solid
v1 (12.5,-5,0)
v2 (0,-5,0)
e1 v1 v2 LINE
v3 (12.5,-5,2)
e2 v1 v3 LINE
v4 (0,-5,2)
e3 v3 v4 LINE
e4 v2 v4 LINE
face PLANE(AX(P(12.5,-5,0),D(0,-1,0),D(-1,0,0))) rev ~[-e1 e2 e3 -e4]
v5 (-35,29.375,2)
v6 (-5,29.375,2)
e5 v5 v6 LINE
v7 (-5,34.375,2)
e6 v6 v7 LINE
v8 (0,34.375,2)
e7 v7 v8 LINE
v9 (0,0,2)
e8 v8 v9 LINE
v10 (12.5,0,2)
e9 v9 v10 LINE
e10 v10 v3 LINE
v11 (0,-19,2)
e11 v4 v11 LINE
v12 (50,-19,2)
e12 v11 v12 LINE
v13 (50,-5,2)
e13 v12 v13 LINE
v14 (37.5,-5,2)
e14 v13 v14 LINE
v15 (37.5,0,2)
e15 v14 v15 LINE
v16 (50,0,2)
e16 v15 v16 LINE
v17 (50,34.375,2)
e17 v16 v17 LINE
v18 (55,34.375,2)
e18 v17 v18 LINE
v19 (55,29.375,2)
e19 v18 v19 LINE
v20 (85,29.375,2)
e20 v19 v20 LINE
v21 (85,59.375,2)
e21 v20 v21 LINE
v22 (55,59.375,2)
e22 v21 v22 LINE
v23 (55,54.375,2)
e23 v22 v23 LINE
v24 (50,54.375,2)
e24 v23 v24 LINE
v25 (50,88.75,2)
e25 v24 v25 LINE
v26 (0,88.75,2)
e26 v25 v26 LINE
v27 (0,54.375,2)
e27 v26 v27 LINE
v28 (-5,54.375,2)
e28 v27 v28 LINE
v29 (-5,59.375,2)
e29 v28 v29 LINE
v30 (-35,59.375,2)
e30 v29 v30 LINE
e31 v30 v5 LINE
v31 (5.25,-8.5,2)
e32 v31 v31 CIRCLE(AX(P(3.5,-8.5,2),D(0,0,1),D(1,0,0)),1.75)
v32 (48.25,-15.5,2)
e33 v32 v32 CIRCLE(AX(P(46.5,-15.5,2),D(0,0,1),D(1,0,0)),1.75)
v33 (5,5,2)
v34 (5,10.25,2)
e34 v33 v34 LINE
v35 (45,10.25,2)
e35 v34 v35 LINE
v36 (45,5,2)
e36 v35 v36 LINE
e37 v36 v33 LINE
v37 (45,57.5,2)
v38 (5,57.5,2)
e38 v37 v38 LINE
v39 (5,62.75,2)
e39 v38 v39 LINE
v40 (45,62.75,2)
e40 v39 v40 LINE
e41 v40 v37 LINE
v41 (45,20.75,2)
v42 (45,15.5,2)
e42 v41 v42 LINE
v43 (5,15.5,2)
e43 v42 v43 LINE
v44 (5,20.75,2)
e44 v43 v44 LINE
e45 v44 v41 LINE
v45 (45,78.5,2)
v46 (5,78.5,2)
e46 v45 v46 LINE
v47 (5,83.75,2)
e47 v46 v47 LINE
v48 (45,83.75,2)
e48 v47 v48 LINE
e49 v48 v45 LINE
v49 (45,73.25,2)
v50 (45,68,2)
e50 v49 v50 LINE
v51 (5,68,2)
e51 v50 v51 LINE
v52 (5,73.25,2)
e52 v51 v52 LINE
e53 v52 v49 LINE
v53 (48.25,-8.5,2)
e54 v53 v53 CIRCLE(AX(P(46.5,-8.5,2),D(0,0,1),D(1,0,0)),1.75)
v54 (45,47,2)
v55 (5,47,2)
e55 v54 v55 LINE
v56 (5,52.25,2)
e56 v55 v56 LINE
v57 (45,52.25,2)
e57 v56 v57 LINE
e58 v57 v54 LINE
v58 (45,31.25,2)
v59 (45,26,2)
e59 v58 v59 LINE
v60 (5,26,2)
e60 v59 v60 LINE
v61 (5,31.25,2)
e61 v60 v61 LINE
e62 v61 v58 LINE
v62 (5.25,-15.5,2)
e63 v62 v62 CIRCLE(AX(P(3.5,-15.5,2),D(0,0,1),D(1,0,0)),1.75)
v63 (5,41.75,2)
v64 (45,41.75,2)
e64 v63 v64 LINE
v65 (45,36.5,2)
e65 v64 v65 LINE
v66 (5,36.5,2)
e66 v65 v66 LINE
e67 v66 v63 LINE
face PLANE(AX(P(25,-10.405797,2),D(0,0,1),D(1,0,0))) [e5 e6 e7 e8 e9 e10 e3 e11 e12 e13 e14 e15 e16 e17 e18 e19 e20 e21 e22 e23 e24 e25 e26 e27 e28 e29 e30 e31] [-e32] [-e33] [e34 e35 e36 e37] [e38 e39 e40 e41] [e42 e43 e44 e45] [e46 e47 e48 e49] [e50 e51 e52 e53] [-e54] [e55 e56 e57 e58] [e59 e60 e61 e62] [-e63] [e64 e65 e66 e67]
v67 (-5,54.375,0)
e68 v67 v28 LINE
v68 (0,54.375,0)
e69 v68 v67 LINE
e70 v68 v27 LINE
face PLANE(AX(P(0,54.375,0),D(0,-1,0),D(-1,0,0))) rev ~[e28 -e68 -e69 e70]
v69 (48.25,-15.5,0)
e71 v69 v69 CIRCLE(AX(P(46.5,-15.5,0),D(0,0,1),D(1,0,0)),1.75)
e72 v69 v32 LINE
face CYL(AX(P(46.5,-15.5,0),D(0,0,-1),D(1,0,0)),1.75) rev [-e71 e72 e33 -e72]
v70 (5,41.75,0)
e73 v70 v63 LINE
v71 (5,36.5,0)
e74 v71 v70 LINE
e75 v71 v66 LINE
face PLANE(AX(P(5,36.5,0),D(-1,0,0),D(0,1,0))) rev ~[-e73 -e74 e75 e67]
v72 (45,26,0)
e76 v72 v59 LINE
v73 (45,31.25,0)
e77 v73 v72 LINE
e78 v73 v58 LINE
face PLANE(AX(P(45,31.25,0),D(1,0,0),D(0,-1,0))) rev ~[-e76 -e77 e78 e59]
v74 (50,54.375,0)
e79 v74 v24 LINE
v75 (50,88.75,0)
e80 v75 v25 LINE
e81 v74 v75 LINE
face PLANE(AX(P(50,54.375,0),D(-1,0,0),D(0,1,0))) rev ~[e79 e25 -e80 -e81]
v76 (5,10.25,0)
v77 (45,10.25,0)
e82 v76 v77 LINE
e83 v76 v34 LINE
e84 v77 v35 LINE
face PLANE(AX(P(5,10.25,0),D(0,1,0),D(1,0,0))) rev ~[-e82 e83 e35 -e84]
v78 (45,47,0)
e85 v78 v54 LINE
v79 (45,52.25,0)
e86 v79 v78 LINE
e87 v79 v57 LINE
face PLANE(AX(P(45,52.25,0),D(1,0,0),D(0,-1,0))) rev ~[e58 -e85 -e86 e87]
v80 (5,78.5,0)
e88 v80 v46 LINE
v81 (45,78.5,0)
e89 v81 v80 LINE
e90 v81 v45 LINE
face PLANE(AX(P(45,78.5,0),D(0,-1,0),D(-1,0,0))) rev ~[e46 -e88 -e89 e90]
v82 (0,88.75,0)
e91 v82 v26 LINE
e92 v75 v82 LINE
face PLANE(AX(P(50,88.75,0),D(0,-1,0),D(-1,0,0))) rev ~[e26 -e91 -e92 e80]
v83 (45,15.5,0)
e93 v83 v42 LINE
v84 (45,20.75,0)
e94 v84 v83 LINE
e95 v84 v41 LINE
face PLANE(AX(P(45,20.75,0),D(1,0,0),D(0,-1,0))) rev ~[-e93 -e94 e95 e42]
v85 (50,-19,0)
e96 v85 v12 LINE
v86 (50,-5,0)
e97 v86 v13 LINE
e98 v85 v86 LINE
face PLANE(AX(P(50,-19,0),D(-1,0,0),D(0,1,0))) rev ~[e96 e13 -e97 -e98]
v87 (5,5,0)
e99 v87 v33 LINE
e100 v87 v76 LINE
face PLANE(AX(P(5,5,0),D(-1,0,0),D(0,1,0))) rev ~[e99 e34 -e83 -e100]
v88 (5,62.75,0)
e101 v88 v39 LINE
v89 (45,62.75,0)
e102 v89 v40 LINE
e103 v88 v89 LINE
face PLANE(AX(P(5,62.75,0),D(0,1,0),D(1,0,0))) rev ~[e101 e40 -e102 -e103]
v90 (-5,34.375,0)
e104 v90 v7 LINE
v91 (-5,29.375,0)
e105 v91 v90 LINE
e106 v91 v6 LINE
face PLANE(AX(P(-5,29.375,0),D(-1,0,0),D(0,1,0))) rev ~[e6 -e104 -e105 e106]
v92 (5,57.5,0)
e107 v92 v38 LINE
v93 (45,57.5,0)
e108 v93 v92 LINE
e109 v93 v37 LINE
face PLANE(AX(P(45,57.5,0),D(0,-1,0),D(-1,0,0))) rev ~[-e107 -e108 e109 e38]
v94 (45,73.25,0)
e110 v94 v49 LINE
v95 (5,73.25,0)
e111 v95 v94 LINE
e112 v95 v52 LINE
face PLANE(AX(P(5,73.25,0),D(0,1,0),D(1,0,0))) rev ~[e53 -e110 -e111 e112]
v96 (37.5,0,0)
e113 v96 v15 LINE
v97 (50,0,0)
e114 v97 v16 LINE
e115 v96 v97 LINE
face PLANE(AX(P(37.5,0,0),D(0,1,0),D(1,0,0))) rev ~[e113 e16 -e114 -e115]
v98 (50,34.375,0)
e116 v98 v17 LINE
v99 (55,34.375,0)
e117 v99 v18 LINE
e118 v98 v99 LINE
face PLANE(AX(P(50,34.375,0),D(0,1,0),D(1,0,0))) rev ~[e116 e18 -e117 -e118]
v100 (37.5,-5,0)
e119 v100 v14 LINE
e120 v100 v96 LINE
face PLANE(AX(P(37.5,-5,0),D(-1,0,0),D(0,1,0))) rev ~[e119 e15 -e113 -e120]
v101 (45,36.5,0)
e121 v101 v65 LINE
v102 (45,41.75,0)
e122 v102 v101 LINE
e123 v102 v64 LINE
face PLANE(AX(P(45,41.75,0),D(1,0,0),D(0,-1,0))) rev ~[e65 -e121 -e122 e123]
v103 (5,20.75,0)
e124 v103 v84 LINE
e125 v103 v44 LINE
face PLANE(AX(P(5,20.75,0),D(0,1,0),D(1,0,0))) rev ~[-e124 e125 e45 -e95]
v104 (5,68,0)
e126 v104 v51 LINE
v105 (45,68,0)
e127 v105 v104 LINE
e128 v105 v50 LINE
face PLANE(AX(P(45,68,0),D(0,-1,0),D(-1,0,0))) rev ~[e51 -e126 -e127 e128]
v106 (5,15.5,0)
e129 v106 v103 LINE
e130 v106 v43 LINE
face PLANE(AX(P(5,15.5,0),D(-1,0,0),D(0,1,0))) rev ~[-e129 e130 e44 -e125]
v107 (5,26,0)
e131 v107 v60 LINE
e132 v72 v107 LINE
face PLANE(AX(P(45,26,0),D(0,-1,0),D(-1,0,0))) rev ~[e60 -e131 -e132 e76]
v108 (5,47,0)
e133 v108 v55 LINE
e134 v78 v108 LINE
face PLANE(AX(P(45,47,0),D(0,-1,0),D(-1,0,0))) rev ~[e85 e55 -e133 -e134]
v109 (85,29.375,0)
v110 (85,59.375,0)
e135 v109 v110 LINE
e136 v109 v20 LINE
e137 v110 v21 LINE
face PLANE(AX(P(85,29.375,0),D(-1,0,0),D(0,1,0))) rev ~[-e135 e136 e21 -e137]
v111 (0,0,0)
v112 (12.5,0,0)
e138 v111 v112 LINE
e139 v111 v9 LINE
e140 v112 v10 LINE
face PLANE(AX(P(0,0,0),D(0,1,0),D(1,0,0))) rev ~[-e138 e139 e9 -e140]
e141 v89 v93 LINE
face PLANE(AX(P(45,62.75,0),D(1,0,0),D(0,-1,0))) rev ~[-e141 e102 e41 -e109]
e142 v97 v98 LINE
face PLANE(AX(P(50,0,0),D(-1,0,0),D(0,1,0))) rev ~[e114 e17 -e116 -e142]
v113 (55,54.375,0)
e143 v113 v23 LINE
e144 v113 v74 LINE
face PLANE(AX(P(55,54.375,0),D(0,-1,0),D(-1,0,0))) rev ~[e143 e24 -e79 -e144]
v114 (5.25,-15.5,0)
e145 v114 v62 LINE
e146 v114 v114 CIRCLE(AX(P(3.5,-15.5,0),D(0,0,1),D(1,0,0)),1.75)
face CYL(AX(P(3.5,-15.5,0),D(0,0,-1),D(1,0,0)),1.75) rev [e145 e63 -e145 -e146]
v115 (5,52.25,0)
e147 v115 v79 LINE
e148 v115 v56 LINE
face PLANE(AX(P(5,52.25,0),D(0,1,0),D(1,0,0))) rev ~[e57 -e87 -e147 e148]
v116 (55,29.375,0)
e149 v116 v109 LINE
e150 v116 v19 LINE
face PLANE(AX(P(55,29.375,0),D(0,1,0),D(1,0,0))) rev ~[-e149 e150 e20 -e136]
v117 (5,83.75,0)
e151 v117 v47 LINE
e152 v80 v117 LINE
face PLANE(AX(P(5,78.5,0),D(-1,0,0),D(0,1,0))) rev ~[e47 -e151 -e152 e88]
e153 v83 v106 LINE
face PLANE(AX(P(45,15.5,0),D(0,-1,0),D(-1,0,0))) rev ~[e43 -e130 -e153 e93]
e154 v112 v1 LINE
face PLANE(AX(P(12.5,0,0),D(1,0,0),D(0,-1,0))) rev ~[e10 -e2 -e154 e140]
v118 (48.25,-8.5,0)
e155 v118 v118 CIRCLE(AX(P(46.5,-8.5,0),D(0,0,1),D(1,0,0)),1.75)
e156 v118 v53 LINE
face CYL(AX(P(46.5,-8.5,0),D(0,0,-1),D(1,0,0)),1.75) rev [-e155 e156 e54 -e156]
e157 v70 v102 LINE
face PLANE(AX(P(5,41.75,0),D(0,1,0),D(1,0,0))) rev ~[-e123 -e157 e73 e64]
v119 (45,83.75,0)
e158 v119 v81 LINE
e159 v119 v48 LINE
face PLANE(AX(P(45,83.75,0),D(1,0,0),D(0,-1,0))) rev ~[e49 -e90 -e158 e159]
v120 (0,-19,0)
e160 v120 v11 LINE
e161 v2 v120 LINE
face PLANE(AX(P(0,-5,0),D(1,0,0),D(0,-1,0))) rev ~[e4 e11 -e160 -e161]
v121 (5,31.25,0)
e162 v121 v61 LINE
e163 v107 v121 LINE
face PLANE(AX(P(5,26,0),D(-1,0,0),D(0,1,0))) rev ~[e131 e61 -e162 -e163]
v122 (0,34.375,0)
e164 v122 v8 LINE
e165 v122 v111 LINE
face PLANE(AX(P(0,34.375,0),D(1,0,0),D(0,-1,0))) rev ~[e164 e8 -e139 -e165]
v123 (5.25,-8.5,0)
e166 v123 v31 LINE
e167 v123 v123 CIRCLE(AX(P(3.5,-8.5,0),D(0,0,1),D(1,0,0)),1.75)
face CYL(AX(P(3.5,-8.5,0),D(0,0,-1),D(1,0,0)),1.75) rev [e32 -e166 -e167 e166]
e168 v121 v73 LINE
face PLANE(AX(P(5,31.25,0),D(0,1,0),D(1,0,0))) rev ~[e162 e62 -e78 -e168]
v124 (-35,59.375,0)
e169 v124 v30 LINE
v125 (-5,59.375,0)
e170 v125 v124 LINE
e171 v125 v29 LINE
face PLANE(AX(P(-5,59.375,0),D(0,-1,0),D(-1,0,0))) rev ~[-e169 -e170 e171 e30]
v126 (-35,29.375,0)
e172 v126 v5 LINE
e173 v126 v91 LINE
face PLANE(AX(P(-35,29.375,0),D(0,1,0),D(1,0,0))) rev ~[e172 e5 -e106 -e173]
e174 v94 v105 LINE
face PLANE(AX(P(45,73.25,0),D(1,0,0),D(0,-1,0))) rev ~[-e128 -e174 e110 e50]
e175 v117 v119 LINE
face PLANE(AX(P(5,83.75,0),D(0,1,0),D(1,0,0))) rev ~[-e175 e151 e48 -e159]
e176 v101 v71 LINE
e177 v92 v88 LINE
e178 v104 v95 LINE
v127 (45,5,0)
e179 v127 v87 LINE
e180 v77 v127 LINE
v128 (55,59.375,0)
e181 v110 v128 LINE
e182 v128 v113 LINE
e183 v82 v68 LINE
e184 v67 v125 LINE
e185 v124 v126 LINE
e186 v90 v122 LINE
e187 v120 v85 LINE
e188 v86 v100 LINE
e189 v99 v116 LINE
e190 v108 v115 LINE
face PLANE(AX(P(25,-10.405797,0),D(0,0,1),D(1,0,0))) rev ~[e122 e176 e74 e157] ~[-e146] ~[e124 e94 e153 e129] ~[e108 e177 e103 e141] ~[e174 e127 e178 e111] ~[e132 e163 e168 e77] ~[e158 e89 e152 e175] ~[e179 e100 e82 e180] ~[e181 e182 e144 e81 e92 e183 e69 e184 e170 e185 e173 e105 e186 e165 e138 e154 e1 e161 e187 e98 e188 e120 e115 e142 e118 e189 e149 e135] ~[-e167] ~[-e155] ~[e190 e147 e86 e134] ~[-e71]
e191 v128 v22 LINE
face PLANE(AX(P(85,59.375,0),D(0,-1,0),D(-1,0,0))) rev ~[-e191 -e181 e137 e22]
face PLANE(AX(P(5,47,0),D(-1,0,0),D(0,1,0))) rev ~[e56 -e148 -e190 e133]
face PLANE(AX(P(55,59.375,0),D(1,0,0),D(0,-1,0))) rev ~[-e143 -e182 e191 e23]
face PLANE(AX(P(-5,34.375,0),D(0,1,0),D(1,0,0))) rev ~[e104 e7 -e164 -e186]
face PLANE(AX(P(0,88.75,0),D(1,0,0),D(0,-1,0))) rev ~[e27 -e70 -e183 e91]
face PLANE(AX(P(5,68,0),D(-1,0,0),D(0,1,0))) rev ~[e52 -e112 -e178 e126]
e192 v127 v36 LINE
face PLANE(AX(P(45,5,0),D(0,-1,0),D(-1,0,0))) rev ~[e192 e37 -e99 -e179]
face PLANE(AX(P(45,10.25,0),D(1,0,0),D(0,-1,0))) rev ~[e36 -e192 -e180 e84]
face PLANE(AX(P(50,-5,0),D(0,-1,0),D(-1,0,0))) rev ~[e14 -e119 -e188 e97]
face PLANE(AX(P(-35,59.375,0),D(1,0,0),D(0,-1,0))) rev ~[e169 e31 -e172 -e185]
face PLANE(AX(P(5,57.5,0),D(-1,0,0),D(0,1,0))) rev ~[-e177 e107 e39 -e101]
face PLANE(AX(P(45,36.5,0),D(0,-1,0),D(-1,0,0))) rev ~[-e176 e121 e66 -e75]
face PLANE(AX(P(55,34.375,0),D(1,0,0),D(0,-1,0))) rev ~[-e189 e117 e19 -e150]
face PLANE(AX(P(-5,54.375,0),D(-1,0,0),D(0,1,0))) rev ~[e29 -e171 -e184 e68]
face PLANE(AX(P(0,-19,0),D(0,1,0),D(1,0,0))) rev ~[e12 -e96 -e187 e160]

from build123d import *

# Parameters (mm, degrees)
F0_R     = 1.75
F1_DEPTH = 2


with BuildPart() as f1:
    # F0 (on Top) → F1 (new body)
    with BuildSketch(Plane.XY):
        Polygon((25, 0), (12.5, 0), (12.5, -5), (0, -5), (0, -19), (25, -19), (50, -19), (50, -5), (37.5, -5), (37.5, 0), align=None)
        with Locations((3.5, -15.5)):
            Circle(F0_R, mode=Mode.SUBTRACT)
        with Locations((3.5, -8.5)):
            Circle(F0_R, mode=Mode.SUBTRACT)
        with Locations((46.5, -15.5)):
            Circle(F0_R, mode=Mode.SUBTRACT)
        with Locations((46.5, -8.5)):
            Circle(F0_R, mode=Mode.SUBTRACT)
        Polygon((0, 29.375), (0, 0), (12.5, 0), (25, 0), (37.5, 0), (50, 0), (50, 29.375), (50, 34.375), (55, 34.375), (55, 29.375), (85, 29.375), (85, 59.375), (55, 59.375), (55, 54.375), (50, 54.375), (50, 59.375), (50, 88.75), (25, 88.75), (0, 88.75), (0, 59.375), (0, 54.375), (-5, 54.375), (-5, 59.375), (-35, 59.375), (-35, 29.375), (-5, 29.375), (-5, 34.375), (0, 34.375), align=None)
        Polygon((25, 5), (5, 5), (5, 10.25), (25, 10.25), (45, 10.25), (45, 5), align=None, mode=Mode.SUBTRACT)
        Polygon((25, 15.5), (5, 15.5), (5, 20.75), (25, 20.75), (45, 20.75), (45, 15.5), align=None, mode=Mode.SUBTRACT)
        Polygon((25, 26), (5, 26), (5, 31.25), (25, 31.25), (45, 31.25), (45, 26), align=None, mode=Mode.SUBTRACT)
        Polygon((25, 36.5), (5, 36.5), (5, 41.75), (25, 41.75), (45, 41.75), (45, 36.5), align=None, mode=Mode.SUBTRACT)
        Polygon((25, 47), (5, 47), (5, 52.25), (25, 52.25), (45, 52.25), (45, 47), align=None, mode=Mode.SUBTRACT)
        Polygon((25, 57.5), (5, 57.5), (5, 62.75), (25, 62.75), (45, 62.75), (45, 57.5), align=None, mode=Mode.SUBTRACT)
        Polygon((25, 68), (5, 68), (5, 73.25), (25, 73.25), (45, 73.25), (45, 68), align=None, mode=Mode.SUBTRACT)
        Polygon((5, 83.75), (25, 83.75), (45, 83.75), (45, 78.5), (25, 78.5), (5, 78.5), align=None, mode=Mode.SUBTRACT)
    extrude(amount=F1_DEPTH)


solid = f1.part
